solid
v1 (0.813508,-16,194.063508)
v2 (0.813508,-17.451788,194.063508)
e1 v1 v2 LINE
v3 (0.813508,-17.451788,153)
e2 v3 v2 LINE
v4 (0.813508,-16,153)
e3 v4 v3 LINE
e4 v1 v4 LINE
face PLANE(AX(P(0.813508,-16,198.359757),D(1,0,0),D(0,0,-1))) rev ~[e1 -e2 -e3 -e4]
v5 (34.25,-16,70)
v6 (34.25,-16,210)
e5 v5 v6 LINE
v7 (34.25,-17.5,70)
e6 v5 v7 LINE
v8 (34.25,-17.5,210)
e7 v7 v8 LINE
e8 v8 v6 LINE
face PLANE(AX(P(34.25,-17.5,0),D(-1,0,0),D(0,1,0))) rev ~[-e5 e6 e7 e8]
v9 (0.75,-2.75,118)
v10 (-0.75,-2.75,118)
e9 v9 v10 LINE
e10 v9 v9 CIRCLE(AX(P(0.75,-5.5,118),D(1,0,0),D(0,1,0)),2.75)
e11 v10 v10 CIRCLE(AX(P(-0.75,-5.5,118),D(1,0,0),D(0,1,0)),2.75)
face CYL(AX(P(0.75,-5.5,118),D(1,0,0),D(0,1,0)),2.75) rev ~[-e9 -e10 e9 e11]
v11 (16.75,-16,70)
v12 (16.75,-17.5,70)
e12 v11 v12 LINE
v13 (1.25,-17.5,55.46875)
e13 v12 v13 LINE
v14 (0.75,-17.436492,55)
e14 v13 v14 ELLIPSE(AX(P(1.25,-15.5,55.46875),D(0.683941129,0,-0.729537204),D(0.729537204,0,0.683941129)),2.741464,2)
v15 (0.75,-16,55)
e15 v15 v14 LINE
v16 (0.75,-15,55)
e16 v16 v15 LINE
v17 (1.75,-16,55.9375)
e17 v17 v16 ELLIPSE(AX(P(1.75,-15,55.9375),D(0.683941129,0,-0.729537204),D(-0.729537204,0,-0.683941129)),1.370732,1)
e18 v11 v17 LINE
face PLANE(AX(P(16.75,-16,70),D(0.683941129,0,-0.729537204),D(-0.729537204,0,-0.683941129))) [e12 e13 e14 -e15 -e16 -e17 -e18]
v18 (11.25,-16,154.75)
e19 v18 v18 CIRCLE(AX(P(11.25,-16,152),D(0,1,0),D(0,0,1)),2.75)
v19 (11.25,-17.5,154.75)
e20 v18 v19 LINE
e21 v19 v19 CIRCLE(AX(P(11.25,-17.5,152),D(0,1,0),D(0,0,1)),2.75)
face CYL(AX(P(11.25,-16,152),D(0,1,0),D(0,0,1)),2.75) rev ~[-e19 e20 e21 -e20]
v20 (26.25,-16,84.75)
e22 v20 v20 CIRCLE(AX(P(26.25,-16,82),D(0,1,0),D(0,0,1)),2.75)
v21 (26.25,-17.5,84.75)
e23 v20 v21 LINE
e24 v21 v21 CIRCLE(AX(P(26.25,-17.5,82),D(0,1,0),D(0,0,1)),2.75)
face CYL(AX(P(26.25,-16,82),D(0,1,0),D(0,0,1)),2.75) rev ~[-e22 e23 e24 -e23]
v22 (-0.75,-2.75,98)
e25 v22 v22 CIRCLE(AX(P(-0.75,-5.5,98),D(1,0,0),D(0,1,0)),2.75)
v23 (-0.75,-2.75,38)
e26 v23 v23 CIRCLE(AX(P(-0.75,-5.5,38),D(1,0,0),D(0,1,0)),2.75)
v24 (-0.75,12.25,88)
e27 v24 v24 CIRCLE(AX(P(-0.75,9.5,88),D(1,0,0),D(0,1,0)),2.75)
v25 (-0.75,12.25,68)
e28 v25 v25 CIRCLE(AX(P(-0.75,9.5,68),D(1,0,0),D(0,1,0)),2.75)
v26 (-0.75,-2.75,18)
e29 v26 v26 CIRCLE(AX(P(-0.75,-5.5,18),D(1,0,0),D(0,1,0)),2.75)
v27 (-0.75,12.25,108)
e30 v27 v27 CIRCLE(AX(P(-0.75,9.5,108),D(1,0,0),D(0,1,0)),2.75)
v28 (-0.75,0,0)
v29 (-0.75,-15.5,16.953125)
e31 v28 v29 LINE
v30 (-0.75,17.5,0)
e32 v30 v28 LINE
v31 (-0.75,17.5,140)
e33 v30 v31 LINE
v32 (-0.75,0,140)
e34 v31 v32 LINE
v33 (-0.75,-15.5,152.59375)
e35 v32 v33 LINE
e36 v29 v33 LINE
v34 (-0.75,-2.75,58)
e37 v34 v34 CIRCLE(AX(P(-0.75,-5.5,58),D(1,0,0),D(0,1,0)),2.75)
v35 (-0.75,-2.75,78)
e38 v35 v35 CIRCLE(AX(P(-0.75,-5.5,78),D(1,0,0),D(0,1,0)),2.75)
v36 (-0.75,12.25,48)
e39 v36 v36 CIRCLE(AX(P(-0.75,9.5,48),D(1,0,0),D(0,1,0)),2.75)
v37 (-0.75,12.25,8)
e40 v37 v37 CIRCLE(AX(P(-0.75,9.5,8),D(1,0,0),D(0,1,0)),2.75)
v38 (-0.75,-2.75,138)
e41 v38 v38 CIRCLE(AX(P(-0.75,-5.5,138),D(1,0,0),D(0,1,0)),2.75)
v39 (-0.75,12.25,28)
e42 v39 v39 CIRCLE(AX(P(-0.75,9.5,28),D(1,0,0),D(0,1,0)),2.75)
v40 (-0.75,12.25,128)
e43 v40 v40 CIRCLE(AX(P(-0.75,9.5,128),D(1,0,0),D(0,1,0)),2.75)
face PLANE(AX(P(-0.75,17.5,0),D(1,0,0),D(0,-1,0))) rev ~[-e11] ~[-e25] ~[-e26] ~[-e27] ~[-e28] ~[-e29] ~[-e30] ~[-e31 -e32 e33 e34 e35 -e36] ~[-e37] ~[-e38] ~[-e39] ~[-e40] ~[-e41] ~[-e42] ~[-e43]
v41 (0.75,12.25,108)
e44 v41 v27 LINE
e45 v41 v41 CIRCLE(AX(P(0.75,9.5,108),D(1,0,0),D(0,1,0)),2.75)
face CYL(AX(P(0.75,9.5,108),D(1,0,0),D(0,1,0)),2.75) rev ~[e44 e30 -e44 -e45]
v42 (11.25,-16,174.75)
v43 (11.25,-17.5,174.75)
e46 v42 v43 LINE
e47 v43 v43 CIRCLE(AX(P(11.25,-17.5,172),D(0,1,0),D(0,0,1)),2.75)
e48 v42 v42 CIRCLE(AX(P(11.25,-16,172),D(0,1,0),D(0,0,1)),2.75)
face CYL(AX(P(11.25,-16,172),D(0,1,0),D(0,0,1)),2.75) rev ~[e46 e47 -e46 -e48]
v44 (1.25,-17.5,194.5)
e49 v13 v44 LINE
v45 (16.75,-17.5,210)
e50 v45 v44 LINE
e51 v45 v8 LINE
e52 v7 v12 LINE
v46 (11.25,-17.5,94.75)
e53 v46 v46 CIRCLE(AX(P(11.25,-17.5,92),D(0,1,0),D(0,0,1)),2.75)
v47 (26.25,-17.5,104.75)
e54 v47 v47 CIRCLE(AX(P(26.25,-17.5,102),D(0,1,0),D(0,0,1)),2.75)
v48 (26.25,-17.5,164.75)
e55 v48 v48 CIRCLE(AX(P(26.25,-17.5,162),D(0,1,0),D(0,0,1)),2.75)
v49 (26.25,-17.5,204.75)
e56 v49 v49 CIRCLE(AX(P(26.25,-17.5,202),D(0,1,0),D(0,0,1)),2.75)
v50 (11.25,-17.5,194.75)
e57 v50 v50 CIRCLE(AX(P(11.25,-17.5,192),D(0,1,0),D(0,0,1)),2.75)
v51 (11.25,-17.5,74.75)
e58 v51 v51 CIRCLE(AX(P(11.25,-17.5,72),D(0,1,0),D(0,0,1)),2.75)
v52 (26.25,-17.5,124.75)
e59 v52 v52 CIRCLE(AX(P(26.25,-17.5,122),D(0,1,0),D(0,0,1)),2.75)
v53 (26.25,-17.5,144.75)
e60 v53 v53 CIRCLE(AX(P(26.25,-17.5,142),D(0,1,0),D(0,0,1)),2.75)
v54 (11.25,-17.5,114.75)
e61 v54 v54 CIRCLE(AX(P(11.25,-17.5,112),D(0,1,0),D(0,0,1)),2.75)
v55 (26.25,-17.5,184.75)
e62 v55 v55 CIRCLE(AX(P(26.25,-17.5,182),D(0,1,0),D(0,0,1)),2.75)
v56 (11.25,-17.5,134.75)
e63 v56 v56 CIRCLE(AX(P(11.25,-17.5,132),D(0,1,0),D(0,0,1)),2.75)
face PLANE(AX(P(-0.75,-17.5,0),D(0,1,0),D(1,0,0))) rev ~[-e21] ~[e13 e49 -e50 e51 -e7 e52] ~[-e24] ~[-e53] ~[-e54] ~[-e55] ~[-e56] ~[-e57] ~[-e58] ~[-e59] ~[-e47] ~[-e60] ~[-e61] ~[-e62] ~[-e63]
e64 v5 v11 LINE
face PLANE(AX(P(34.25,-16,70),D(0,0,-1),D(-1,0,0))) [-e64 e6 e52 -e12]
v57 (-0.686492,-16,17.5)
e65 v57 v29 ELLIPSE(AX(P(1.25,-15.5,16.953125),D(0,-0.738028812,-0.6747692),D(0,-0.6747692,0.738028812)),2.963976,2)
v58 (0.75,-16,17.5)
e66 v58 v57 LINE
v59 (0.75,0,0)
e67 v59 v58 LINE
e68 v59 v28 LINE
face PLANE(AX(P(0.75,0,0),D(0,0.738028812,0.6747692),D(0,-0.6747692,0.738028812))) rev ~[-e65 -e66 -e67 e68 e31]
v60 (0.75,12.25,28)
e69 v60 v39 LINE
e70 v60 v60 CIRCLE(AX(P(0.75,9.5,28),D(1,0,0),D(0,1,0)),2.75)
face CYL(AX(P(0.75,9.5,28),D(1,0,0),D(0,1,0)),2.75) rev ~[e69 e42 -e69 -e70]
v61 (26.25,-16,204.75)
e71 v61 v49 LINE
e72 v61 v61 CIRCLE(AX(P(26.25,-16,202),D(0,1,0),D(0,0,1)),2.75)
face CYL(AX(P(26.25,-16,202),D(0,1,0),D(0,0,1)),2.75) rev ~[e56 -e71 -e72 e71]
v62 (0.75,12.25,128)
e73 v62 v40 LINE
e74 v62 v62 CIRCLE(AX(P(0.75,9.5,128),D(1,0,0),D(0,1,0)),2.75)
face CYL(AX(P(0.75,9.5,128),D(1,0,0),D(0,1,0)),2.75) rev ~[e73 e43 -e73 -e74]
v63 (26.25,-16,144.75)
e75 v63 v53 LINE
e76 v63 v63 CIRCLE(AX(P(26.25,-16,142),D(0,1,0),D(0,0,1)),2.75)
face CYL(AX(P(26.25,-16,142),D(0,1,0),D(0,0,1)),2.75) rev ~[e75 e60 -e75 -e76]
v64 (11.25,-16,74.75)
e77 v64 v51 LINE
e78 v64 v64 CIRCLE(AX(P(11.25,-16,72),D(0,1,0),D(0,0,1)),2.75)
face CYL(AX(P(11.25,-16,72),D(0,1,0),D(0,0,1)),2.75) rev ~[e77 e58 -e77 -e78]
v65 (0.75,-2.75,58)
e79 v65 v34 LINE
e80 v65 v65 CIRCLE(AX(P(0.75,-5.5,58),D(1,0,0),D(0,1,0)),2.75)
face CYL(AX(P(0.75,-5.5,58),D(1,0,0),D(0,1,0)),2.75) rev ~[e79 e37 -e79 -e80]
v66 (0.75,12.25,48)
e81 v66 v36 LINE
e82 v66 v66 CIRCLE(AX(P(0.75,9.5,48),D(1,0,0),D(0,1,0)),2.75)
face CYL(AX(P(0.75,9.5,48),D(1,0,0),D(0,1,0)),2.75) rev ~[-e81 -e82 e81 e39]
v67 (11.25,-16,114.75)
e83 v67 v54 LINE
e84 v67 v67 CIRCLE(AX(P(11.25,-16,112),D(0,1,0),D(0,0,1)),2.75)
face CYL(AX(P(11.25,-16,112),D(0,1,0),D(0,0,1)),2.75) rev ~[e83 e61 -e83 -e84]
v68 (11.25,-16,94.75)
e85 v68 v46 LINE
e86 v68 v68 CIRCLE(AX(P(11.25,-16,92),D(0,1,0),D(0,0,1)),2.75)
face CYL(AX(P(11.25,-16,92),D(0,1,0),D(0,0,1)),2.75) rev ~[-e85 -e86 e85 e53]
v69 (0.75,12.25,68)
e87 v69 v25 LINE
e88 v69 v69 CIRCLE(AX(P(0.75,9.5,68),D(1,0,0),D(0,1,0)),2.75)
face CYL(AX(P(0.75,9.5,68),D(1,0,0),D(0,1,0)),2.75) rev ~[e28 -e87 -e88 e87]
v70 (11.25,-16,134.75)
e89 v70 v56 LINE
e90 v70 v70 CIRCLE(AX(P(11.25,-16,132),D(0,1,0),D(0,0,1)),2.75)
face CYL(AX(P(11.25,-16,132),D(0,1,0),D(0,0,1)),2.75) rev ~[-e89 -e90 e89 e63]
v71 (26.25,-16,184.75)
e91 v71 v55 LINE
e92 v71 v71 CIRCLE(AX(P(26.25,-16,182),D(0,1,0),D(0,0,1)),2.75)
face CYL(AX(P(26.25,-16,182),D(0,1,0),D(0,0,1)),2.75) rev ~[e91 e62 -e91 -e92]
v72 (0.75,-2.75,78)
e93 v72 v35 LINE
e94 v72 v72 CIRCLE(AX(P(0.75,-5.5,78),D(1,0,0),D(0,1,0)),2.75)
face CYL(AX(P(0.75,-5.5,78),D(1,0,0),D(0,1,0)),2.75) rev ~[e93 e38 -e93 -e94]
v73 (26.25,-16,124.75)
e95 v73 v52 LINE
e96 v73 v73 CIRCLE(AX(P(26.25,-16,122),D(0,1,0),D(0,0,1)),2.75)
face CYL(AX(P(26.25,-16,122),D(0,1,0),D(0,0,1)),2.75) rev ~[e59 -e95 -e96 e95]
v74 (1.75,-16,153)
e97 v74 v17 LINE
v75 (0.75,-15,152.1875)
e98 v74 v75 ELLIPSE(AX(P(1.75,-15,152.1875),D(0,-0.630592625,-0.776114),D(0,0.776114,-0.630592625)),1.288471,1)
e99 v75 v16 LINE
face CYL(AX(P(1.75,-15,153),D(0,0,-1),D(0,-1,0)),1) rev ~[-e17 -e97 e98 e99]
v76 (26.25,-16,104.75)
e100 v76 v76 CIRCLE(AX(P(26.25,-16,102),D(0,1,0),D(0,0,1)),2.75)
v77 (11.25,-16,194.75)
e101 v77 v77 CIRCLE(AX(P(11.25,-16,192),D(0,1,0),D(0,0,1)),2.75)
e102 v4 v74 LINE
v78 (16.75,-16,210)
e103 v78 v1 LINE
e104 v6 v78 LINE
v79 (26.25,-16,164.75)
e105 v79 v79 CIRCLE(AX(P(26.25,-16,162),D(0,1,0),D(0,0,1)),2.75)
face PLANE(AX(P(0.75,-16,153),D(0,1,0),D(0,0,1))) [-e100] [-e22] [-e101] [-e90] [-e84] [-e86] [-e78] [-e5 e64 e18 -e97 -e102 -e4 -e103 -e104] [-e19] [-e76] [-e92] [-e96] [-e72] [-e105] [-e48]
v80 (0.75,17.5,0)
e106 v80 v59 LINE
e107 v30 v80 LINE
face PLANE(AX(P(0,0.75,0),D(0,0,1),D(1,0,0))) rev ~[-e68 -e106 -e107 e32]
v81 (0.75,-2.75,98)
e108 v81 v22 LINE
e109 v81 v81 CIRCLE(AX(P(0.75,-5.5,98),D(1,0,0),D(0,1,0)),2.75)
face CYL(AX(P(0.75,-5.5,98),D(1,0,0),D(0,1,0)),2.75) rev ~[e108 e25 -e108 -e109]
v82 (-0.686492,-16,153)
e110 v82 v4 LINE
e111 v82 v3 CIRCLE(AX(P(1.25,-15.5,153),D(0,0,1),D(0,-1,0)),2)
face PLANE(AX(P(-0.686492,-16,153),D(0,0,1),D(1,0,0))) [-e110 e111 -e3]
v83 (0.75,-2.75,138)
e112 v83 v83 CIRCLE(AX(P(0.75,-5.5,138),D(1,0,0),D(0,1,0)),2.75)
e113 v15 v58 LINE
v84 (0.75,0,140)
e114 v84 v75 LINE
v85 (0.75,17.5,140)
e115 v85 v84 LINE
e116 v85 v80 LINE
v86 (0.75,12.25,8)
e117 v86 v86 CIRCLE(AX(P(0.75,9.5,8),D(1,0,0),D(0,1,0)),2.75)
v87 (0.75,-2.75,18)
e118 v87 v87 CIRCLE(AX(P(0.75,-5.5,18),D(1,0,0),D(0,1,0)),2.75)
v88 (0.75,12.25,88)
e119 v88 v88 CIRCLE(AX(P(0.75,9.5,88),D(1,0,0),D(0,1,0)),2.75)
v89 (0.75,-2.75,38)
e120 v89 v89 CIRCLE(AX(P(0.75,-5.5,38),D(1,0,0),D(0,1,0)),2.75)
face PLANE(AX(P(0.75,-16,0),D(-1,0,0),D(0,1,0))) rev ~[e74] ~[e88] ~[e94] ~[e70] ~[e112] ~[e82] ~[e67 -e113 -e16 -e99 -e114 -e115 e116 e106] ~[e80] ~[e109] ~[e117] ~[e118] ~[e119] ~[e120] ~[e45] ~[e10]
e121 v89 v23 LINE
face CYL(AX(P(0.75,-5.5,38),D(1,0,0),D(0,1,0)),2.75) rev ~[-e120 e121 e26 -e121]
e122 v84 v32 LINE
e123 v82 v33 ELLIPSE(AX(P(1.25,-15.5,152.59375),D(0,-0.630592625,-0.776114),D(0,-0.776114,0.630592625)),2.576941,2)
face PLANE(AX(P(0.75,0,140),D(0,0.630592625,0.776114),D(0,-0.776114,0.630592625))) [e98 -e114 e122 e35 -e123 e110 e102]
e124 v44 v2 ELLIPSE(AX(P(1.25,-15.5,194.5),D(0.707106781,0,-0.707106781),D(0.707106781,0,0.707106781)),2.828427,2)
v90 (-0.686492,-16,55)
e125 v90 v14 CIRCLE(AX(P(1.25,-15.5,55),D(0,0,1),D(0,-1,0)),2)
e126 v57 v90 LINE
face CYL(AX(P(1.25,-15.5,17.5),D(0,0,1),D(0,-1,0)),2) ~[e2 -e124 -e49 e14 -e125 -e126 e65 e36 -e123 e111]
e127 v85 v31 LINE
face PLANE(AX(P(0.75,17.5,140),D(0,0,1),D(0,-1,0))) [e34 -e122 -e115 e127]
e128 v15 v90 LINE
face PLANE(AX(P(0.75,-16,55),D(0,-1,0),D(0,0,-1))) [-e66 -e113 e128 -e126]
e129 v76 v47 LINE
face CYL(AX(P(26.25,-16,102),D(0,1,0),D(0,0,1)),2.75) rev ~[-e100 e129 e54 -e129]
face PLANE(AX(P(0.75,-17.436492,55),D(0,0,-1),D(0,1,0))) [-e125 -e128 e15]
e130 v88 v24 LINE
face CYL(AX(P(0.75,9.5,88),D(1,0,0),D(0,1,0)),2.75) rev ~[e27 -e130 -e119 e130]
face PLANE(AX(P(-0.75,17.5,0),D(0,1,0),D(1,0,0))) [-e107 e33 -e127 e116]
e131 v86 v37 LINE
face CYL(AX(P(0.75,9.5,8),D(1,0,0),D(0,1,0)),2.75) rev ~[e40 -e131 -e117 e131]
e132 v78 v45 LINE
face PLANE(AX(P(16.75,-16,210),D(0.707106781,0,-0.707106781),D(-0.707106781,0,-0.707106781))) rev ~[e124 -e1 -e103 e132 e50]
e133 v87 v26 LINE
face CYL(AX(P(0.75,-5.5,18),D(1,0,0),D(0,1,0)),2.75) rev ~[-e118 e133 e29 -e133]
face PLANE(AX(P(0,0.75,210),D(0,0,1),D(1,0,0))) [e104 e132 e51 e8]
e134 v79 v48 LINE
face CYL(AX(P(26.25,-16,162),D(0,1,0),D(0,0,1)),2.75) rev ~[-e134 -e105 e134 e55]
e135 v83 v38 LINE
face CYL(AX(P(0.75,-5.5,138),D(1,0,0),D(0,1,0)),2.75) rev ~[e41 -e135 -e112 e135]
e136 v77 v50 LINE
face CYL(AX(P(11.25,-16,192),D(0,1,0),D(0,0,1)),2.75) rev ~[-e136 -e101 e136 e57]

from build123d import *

# Parameters (mm, degrees)
SKETCH1_W               = 1.5
SKETCH1_H               = 33.5
SKETCH1_W_2             = 33.5
SKETCH1_H_2             = 1.5
BOSS_EXTRUDE1_DEPTH     = 210
CUT_EXTRUDE2_DEPTH      = 62
CUT_EXTRUDE2_DEPTH_BACK = 62
CUT_EXTRUDE3_DEPTH      = 62
SKETCH5_R               = 2.75
CUT_EXTRUDE4_DEPTH      = 5
FILLET1_R               = 1
FILLET2_R               = 2
SKETCH6_W               = 37.5
SKETCH6_H               = 1.436491673
CUT_EXTRUDE5_DEPTH      = 5
SKETCH7_W               = 1.5
SKETCH7_H               = 45.359757049
CUT_EXTRUDE6_DEPTH      = 5
SKETCH8_R               = 2.75
CUT_EXTRUDE7_DEPTH      = 5


with BuildPart() as part:
    # Sketch1 → Boss-Extrude1 (new body)
    with BuildSketch(Plane.XY):
        with Locations((0, 0.75)):
            Rectangle(SKETCH1_W, SKETCH1_H)
        with Locations((17.5, -16.75)):
            Rectangle(SKETCH1_W_2, SKETCH1_H_2)
        with Locations((0, -16.75)):
            Rectangle(SKETCH1_W, SKETCH1_H_2)
    extrude(amount=BOSS_EXTRUDE1_DEPTH)

    # Sketch3 → Cut-Extrude2 (cut, two sides)
    with BuildSketch(Plane(origin=(0.75, 0, 0), x_dir=(0, 0, -1), z_dir=(1, 0, 0))) as cut_extrude2_sk:
        Polygon((-140, 17.5), (-140, 0), (-153, -16), (-210, -16), (-210, 17.5), align=None)
        Polygon((0, 0), (-17.5, -16), (-17.5, -36.829348397), (0, -36.829348397), align=None)
    extrude(amount=CUT_EXTRUDE2_DEPTH, mode=Mode.SUBTRACT)
    extrude(cut_extrude2_sk.sketch, amount=-CUT_EXTRUDE2_DEPTH_BACK, mode=Mode.SUBTRACT)

    # Sketch4 → Cut-Extrude3 (cut)
    with BuildSketch(Plane(origin=(0, -16, 0), x_dir=(1, 0, 0), z_dir=(0, 1, 0))):
        Polygon((16.75, -210), (-0.75, -192.5), (-0.75, -210), align=None)
        Polygon((34.25, -70), (16.75, -70), (0.75, -55), (0.75, -17.5), (34.25, -17.5), align=None)
    extrude(amount=-CUT_EXTRUDE3_DEPTH, mode=Mode.SUBTRACT)

    # Sketch5 → Cut-Extrude4 (cut)
    with BuildSketch(Plane(origin=(0.75, 0, 0), x_dir=(0, 0, -1), z_dir=(1, 0, 0))):
        with Locations(Location((-8, 9.5, 0), (0, 0, 90))):
            Circle(SKETCH5_R)
        with Locations(Location((-28, 9.5, 0), (0, 0, 90))):
            Circle(SKETCH5_R)
        with Locations(Location((-48, 9.5, 0), (0, 0, 90))):
            Circle(SKETCH5_R)
        with Locations(Location((-68, 9.5, 0), (0, 0, 90))):
            Circle(SKETCH5_R)
        with Locations(Location((-88, 9.5, 0), (0, 0, 90))):
            Circle(SKETCH5_R)
        with Locations(Location((-108, 9.5, 0), (0, 0, 90))):
            Circle(SKETCH5_R)
        with Locations(Location((-128, 9.5, 0), (0, 0, 90))):
            Circle(SKETCH5_R)
        with Locations(Location((-18, -5.5, 0), (0, 0, 90))):
            Circle(SKETCH5_R)
        with Locations(Location((-38, -5.5, 0), (0, 0, 90))):
            Circle(SKETCH5_R)
        with Locations(Location((-58, -5.5, 0), (0, 0, 90))):
            Circle(SKETCH5_R)
        with Locations(Location((-78, -5.5, 0), (0, 0, 90))):
            Circle(SKETCH5_R)
        with Locations(Location((-98, -5.5, 0), (0, 0, 90))):
            Circle(SKETCH5_R)
        with Locations(Location((-118, -5.5, 0), (0, 0, 90))):
            Circle(SKETCH5_R)
        with Locations(Location((-138, -5.5, 0), (0, 0, 90))):
            Circle(SKETCH5_R)
    extrude(amount=-CUT_EXTRUDE4_DEPTH, mode=Mode.SUBTRACT)

    # Fillet1
    fillet1_edges = [part.edges().sort_by_distance(p)[0] for p in [
        (0.75, -16, 104),
    ]]
    fillet(fillet1_edges, radius=FILLET1_R)

    # Fillet2
    fillet2_edges = [part.edges().sort_by_distance(p)[0] for p in [
        (-0.75, -17.5, 105),
    ]]
    fillet(fillet2_edges, radius=FILLET2_R)

    # Sketch6 → Cut-Extrude5 (cut)
    with BuildSketch(Plane(origin=(0.75, 0, 0), x_dir=(0, 0, -1), z_dir=(1, 0, 0))):
        with Locations((-36.25, -16.718245837)):
            Rectangle(SKETCH6_W, SKETCH6_H)
    extrude(amount=-CUT_EXTRUDE5_DEPTH, mode=Mode.SUBTRACT)

    # Sketch7 → Cut-Extrude6 (cut)
    with BuildSketch(Plane(origin=(0, -16, 0), x_dir=(1, 0, 0), z_dir=(0, 1, 0))):
        with Locations((0.063508327, -175.679878524)):
            Rectangle(SKETCH7_W, SKETCH7_H)
    extrude(amount=-CUT_EXTRUDE6_DEPTH, mode=Mode.SUBTRACT)

    # Sketch8 → Cut-Extrude7 (cut)
    with BuildSketch(Plane(origin=(0, -16, 0), x_dir=(1, 0, 0), z_dir=(0, 1, 0))):
        with Locations(Location((11.25, -72, 0), (0, 0, 270))):
            Circle(SKETCH8_R)
        with Locations(Location((11.25, -92, 0), (0, 0, 270))):
            Circle(SKETCH8_R)
        with Locations(Location((11.25, -112, 0), (0, 0, 270))):
            Circle(SKETCH8_R)
        with Locations(Location((11.25, -132, 0), (0, 0, 270))):
            Circle(SKETCH8_R)
        with Locations(Location((11.25, -152, 0), (0, 0, 270))):
            Circle(SKETCH8_R)
        with Locations(Location((11.25, -172, 0), (0, 0, 270))):
            Circle(SKETCH8_R)
        with Locations(Location((11.25, -192, 0), (0, 0, 270))):
            Circle(SKETCH8_R)
        with Locations(Location((26.25, -82, 0), (0, 0, 270))):
            Circle(SKETCH8_R)
        with Locations(Location((26.25, -102, 0), (0, 0, 270))):
            Circle(SKETCH8_R)
        with Locations(Location((26.25, -122, 0), (0, 0, 270))):
            Circle(SKETCH8_R)
        with Locations(Location((26.25, -142, 0), (0, 0, 270))):
            Circle(SKETCH8_R)
        with Locations(Location((26.25, -162, 0), (0, 0, 270))):
            Circle(SKETCH8_R)
        with Locations(Location((26.25, -182, 0), (0, 0, 270))):
            Circle(SKETCH8_R)
        with Locations(Location((26.25, -202, 0), (0, 0, 270))):
            Circle(SKETCH8_R)
    extrude(amount=-CUT_EXTRUDE7_DEPTH, mode=Mode.SUBTRACT)


solid = part.part
